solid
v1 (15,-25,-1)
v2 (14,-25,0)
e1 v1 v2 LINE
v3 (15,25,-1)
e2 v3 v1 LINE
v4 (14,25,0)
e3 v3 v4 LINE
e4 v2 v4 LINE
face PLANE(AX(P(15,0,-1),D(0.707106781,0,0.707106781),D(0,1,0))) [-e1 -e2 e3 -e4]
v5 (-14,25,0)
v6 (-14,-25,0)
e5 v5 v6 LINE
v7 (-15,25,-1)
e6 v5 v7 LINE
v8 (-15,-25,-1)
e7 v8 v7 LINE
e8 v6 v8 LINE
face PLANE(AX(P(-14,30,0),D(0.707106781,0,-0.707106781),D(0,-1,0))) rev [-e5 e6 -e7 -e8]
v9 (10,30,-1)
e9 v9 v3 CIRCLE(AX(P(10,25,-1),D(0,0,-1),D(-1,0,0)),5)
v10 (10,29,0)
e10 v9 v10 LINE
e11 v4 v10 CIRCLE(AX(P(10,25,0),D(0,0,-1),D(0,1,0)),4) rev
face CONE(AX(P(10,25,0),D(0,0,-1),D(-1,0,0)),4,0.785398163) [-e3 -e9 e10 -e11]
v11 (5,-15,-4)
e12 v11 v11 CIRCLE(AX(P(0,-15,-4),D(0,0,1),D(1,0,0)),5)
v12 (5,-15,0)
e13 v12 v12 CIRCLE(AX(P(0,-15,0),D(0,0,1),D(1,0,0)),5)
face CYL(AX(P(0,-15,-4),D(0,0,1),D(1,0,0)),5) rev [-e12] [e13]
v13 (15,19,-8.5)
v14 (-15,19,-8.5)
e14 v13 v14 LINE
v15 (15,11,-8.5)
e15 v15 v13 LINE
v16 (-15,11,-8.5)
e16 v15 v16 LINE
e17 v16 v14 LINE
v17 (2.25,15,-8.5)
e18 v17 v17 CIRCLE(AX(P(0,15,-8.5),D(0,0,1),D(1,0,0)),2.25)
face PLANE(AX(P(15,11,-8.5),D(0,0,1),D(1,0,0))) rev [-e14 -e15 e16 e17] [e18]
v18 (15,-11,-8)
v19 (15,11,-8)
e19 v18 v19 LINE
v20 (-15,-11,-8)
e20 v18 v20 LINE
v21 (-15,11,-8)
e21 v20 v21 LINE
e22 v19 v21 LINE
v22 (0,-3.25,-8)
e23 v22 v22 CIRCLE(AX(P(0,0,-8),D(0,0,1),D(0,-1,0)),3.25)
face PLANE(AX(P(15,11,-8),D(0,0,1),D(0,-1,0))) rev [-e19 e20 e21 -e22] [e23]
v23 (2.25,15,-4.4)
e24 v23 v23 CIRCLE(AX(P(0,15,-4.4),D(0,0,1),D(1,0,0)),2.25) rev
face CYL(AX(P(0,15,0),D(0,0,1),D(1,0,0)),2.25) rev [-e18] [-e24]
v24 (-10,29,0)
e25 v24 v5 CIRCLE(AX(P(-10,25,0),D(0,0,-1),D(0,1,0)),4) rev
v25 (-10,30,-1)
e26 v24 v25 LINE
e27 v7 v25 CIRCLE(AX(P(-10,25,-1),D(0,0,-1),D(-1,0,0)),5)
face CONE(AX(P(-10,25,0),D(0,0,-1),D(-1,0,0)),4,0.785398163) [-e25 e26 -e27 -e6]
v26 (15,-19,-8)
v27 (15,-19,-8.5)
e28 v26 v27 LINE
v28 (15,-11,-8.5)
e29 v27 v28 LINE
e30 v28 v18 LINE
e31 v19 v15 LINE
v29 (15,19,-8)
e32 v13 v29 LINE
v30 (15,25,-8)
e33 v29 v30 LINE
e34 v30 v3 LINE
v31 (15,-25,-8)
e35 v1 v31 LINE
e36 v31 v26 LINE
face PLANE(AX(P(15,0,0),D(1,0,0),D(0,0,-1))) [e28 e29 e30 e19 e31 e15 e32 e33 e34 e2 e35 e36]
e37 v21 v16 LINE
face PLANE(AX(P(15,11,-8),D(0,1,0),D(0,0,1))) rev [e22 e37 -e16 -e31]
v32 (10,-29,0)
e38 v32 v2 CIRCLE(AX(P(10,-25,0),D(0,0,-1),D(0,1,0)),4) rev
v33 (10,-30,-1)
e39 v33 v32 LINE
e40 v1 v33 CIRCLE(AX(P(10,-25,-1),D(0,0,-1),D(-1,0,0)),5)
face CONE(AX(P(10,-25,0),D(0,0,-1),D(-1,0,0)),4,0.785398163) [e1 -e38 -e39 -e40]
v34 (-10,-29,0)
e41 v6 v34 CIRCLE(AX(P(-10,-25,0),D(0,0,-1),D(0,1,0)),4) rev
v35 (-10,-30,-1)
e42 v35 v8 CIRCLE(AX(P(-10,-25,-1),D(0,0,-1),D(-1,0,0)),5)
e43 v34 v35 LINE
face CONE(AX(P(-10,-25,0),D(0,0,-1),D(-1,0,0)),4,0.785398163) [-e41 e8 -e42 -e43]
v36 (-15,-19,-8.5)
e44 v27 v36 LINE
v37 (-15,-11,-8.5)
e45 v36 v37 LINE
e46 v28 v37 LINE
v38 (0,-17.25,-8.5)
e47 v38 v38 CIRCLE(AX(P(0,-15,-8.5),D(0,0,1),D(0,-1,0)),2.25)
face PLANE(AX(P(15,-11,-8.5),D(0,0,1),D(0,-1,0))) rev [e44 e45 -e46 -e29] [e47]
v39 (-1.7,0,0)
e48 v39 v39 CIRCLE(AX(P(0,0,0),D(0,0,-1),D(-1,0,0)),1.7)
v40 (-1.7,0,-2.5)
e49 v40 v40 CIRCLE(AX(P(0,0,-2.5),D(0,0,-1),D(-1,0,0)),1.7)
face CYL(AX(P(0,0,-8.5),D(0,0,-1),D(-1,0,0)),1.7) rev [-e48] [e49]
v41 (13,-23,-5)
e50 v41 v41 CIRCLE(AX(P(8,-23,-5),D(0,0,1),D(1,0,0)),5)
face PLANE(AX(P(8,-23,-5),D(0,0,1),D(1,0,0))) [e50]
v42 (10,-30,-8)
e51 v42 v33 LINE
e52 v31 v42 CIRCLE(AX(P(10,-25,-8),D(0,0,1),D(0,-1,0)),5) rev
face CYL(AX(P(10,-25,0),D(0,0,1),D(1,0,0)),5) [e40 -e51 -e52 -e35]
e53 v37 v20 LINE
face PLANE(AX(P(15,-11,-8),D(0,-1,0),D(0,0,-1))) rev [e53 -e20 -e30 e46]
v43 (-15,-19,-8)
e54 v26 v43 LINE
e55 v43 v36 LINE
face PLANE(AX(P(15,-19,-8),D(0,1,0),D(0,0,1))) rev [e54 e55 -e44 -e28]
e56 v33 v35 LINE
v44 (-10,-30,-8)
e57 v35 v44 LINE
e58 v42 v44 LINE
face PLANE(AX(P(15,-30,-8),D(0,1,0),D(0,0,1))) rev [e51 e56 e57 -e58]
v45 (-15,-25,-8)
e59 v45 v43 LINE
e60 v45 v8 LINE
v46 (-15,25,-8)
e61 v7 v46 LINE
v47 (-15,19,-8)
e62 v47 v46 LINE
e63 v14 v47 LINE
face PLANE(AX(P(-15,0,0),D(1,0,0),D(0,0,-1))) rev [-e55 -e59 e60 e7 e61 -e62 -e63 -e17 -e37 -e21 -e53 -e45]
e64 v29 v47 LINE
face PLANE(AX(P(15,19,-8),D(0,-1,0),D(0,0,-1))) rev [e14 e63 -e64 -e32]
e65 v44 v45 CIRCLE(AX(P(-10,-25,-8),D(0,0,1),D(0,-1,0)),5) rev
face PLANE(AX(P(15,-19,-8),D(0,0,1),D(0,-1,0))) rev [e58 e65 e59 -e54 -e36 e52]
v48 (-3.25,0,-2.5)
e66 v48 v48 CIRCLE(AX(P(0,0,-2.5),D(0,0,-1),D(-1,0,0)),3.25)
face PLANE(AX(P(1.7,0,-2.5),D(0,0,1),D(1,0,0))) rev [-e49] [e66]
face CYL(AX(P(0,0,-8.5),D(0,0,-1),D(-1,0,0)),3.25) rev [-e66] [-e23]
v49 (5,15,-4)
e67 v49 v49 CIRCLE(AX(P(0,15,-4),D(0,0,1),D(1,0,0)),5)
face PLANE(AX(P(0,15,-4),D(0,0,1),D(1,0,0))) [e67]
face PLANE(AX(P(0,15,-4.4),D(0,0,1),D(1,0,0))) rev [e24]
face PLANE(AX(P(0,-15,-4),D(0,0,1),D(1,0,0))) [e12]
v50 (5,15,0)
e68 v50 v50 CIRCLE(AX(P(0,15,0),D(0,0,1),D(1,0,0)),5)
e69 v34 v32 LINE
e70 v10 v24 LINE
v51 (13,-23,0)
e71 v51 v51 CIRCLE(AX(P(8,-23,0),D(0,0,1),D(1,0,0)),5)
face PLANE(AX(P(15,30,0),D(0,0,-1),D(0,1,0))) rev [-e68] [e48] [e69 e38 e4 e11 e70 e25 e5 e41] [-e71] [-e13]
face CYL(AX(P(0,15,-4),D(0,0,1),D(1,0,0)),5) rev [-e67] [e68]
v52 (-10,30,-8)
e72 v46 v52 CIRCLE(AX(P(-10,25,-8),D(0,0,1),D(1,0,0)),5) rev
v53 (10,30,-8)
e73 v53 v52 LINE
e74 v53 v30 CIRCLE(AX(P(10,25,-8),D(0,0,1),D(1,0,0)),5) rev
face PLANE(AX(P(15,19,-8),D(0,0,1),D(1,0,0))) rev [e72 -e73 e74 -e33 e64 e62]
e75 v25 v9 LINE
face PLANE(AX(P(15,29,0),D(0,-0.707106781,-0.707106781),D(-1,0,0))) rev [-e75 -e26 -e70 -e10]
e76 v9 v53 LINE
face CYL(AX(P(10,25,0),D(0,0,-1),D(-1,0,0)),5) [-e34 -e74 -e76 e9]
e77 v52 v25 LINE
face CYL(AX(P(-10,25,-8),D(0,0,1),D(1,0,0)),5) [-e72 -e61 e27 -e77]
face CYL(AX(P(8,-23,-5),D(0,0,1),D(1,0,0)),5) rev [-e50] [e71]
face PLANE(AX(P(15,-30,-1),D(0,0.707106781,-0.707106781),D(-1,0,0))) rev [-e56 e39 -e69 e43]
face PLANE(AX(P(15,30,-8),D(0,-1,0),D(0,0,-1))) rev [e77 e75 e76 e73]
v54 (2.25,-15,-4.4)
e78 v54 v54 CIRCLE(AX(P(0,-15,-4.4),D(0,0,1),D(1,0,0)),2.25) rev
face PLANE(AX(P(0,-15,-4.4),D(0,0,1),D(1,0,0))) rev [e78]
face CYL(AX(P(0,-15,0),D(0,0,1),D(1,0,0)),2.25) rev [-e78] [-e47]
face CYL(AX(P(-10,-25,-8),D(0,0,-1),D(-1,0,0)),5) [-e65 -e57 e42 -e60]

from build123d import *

# Parameters (mm, degrees)
BOSS_EXTRUDE1_DEPTH                                 = 15
M4_CLEARANCE_HOLE1_D                                = 4.5
M4_CLEARANCE_HOLE1_DEPTH                            = 16
M4_CLEARANCE_HOLE1_TIP                              = 1.351936393
CBORE_FOR_M3_HEX_SOCKET_HEAD_CAP_SCREW1_D           = 3.4
CBORE_FOR_M3_HEX_SOCKET_HEAD_CAP_SCREW1_CBORE_D     = 6.5
CBORE_FOR_M3_HEX_SOCKET_HEAD_CAP_SCREW1_CBORE_DEPTH = 6
FILLET1_R                                           = 5
CHAMFER1_SIZE                                       = 1
SKETCH6_R                                           = 5
CUT_EXTRUDE1_DEPTH                                  = 5
SKETCH7_R                                           = 5
CUT_EXTRUDE2_DEPTH                                  = 4
BOSS_EXTRUDE2_START                                 = -0.4
SKETCH8_R                                           = 2.25
BOSS_EXTRUDE2_DEPTH                                 = 0.4


with BuildPart() as part:
    # Sketch1 → Boss-Extrude1 (new, symmetric)
    with BuildSketch(Plane(origin=(0, 0, 0), x_dir=(0, 0, -1), z_dir=(1, 0, 0))):
        Polygon((8, -19), (8, -30), (0, -30), (0, 30), (8, 30), (8, 19), (8.5, 19), (8.5, 11), (8, 11), (8, -11), (8.5, -11), (8.5, -19), align=None)
    extrude(amount=BOSS_EXTRUDE1_DEPTH, both=True)

    # M4 Clearance Hole1
    with Locations(Plane.XY):
        with Locations((0, -15), (0, 15)):
            Hole(M4_CLEARANCE_HOLE1_D / 2, depth=M4_CLEARANCE_HOLE1_DEPTH)
            with Locations((0, 0, -(M4_CLEARANCE_HOLE1_DEPTH + M4_CLEARANCE_HOLE1_TIP / 2))):  # 118° drill point
                Cone(0, M4_CLEARANCE_HOLE1_D / 2, M4_CLEARANCE_HOLE1_TIP, mode=Mode.SUBTRACT)

    # CBORE for M3 Hex Socket Head Cap Screw1 (through all)
    with Locations(Plane(origin=(0, 0, -8.5), x_dir=(-1, 0, 0), z_dir=(0, 0, -1))):
        with Locations((0, 0)):
            CounterBoreHole(CBORE_FOR_M3_HEX_SOCKET_HEAD_CAP_SCREW1_D / 2, CBORE_FOR_M3_HEX_SOCKET_HEAD_CAP_SCREW1_CBORE_D / 2, CBORE_FOR_M3_HEX_SOCKET_HEAD_CAP_SCREW1_CBORE_DEPTH)

    # Fillet1
    fillet1_edges = [part.edges().sort_by_distance(p)[0] for p in [
        (-15, -30, -4),
        (-15, 30, -4),
        (15, 30, -4),
        (15, -30, -4),
    ]]
    fillet(fillet1_edges, radius=FILLET1_R)

    # Chamfer1
    chamfer1_edges = [part.edges().sort_by_distance(p)[0] for p in [
        (0, 30, 0),
        (-15, 0, 0),
        (0, -30, 0),
        (15, 0, 0),
        (-13.535533906, -28.535533906, 0),
        (13.535533906, -28.535533906, 0),
        (13.535533906, 28.535533906, 0),
        (-13.535533906, 28.535533906, 0),
    ]]
    chamfer(chamfer1_edges, length=CHAMFER1_SIZE)

    # Sketch6 → Cut-Extrude1 (cut)
    with BuildSketch(Plane.XY):
        with Locations((8, -23)):
            Circle(SKETCH6_R)
    extrude(amount=-CUT_EXTRUDE1_DEPTH, mode=Mode.SUBTRACT)

    # Sketch7 → Cut-Extrude2 (cut)
    with BuildSketch(Plane.XY):
        with Locations((0, 15)):
            Circle(SKETCH7_R)
        with Locations((0, -15)):
            Circle(SKETCH7_R)
    extrude(amount=-CUT_EXTRUDE2_DEPTH, mode=Mode.SUBTRACT)

    # Sketch8 → Boss-Extrude2 (add)
    with BuildSketch(Plane.XY.offset(-4).offset(BOSS_EXTRUDE2_START)):
        with Locations((0, 15)):
            Circle(SKETCH8_R)
        with Locations((0, -15)):
            Circle(SKETCH8_R)
    extrude(amount=BOSS_EXTRUDE2_DEPTH)


solid = part.part
